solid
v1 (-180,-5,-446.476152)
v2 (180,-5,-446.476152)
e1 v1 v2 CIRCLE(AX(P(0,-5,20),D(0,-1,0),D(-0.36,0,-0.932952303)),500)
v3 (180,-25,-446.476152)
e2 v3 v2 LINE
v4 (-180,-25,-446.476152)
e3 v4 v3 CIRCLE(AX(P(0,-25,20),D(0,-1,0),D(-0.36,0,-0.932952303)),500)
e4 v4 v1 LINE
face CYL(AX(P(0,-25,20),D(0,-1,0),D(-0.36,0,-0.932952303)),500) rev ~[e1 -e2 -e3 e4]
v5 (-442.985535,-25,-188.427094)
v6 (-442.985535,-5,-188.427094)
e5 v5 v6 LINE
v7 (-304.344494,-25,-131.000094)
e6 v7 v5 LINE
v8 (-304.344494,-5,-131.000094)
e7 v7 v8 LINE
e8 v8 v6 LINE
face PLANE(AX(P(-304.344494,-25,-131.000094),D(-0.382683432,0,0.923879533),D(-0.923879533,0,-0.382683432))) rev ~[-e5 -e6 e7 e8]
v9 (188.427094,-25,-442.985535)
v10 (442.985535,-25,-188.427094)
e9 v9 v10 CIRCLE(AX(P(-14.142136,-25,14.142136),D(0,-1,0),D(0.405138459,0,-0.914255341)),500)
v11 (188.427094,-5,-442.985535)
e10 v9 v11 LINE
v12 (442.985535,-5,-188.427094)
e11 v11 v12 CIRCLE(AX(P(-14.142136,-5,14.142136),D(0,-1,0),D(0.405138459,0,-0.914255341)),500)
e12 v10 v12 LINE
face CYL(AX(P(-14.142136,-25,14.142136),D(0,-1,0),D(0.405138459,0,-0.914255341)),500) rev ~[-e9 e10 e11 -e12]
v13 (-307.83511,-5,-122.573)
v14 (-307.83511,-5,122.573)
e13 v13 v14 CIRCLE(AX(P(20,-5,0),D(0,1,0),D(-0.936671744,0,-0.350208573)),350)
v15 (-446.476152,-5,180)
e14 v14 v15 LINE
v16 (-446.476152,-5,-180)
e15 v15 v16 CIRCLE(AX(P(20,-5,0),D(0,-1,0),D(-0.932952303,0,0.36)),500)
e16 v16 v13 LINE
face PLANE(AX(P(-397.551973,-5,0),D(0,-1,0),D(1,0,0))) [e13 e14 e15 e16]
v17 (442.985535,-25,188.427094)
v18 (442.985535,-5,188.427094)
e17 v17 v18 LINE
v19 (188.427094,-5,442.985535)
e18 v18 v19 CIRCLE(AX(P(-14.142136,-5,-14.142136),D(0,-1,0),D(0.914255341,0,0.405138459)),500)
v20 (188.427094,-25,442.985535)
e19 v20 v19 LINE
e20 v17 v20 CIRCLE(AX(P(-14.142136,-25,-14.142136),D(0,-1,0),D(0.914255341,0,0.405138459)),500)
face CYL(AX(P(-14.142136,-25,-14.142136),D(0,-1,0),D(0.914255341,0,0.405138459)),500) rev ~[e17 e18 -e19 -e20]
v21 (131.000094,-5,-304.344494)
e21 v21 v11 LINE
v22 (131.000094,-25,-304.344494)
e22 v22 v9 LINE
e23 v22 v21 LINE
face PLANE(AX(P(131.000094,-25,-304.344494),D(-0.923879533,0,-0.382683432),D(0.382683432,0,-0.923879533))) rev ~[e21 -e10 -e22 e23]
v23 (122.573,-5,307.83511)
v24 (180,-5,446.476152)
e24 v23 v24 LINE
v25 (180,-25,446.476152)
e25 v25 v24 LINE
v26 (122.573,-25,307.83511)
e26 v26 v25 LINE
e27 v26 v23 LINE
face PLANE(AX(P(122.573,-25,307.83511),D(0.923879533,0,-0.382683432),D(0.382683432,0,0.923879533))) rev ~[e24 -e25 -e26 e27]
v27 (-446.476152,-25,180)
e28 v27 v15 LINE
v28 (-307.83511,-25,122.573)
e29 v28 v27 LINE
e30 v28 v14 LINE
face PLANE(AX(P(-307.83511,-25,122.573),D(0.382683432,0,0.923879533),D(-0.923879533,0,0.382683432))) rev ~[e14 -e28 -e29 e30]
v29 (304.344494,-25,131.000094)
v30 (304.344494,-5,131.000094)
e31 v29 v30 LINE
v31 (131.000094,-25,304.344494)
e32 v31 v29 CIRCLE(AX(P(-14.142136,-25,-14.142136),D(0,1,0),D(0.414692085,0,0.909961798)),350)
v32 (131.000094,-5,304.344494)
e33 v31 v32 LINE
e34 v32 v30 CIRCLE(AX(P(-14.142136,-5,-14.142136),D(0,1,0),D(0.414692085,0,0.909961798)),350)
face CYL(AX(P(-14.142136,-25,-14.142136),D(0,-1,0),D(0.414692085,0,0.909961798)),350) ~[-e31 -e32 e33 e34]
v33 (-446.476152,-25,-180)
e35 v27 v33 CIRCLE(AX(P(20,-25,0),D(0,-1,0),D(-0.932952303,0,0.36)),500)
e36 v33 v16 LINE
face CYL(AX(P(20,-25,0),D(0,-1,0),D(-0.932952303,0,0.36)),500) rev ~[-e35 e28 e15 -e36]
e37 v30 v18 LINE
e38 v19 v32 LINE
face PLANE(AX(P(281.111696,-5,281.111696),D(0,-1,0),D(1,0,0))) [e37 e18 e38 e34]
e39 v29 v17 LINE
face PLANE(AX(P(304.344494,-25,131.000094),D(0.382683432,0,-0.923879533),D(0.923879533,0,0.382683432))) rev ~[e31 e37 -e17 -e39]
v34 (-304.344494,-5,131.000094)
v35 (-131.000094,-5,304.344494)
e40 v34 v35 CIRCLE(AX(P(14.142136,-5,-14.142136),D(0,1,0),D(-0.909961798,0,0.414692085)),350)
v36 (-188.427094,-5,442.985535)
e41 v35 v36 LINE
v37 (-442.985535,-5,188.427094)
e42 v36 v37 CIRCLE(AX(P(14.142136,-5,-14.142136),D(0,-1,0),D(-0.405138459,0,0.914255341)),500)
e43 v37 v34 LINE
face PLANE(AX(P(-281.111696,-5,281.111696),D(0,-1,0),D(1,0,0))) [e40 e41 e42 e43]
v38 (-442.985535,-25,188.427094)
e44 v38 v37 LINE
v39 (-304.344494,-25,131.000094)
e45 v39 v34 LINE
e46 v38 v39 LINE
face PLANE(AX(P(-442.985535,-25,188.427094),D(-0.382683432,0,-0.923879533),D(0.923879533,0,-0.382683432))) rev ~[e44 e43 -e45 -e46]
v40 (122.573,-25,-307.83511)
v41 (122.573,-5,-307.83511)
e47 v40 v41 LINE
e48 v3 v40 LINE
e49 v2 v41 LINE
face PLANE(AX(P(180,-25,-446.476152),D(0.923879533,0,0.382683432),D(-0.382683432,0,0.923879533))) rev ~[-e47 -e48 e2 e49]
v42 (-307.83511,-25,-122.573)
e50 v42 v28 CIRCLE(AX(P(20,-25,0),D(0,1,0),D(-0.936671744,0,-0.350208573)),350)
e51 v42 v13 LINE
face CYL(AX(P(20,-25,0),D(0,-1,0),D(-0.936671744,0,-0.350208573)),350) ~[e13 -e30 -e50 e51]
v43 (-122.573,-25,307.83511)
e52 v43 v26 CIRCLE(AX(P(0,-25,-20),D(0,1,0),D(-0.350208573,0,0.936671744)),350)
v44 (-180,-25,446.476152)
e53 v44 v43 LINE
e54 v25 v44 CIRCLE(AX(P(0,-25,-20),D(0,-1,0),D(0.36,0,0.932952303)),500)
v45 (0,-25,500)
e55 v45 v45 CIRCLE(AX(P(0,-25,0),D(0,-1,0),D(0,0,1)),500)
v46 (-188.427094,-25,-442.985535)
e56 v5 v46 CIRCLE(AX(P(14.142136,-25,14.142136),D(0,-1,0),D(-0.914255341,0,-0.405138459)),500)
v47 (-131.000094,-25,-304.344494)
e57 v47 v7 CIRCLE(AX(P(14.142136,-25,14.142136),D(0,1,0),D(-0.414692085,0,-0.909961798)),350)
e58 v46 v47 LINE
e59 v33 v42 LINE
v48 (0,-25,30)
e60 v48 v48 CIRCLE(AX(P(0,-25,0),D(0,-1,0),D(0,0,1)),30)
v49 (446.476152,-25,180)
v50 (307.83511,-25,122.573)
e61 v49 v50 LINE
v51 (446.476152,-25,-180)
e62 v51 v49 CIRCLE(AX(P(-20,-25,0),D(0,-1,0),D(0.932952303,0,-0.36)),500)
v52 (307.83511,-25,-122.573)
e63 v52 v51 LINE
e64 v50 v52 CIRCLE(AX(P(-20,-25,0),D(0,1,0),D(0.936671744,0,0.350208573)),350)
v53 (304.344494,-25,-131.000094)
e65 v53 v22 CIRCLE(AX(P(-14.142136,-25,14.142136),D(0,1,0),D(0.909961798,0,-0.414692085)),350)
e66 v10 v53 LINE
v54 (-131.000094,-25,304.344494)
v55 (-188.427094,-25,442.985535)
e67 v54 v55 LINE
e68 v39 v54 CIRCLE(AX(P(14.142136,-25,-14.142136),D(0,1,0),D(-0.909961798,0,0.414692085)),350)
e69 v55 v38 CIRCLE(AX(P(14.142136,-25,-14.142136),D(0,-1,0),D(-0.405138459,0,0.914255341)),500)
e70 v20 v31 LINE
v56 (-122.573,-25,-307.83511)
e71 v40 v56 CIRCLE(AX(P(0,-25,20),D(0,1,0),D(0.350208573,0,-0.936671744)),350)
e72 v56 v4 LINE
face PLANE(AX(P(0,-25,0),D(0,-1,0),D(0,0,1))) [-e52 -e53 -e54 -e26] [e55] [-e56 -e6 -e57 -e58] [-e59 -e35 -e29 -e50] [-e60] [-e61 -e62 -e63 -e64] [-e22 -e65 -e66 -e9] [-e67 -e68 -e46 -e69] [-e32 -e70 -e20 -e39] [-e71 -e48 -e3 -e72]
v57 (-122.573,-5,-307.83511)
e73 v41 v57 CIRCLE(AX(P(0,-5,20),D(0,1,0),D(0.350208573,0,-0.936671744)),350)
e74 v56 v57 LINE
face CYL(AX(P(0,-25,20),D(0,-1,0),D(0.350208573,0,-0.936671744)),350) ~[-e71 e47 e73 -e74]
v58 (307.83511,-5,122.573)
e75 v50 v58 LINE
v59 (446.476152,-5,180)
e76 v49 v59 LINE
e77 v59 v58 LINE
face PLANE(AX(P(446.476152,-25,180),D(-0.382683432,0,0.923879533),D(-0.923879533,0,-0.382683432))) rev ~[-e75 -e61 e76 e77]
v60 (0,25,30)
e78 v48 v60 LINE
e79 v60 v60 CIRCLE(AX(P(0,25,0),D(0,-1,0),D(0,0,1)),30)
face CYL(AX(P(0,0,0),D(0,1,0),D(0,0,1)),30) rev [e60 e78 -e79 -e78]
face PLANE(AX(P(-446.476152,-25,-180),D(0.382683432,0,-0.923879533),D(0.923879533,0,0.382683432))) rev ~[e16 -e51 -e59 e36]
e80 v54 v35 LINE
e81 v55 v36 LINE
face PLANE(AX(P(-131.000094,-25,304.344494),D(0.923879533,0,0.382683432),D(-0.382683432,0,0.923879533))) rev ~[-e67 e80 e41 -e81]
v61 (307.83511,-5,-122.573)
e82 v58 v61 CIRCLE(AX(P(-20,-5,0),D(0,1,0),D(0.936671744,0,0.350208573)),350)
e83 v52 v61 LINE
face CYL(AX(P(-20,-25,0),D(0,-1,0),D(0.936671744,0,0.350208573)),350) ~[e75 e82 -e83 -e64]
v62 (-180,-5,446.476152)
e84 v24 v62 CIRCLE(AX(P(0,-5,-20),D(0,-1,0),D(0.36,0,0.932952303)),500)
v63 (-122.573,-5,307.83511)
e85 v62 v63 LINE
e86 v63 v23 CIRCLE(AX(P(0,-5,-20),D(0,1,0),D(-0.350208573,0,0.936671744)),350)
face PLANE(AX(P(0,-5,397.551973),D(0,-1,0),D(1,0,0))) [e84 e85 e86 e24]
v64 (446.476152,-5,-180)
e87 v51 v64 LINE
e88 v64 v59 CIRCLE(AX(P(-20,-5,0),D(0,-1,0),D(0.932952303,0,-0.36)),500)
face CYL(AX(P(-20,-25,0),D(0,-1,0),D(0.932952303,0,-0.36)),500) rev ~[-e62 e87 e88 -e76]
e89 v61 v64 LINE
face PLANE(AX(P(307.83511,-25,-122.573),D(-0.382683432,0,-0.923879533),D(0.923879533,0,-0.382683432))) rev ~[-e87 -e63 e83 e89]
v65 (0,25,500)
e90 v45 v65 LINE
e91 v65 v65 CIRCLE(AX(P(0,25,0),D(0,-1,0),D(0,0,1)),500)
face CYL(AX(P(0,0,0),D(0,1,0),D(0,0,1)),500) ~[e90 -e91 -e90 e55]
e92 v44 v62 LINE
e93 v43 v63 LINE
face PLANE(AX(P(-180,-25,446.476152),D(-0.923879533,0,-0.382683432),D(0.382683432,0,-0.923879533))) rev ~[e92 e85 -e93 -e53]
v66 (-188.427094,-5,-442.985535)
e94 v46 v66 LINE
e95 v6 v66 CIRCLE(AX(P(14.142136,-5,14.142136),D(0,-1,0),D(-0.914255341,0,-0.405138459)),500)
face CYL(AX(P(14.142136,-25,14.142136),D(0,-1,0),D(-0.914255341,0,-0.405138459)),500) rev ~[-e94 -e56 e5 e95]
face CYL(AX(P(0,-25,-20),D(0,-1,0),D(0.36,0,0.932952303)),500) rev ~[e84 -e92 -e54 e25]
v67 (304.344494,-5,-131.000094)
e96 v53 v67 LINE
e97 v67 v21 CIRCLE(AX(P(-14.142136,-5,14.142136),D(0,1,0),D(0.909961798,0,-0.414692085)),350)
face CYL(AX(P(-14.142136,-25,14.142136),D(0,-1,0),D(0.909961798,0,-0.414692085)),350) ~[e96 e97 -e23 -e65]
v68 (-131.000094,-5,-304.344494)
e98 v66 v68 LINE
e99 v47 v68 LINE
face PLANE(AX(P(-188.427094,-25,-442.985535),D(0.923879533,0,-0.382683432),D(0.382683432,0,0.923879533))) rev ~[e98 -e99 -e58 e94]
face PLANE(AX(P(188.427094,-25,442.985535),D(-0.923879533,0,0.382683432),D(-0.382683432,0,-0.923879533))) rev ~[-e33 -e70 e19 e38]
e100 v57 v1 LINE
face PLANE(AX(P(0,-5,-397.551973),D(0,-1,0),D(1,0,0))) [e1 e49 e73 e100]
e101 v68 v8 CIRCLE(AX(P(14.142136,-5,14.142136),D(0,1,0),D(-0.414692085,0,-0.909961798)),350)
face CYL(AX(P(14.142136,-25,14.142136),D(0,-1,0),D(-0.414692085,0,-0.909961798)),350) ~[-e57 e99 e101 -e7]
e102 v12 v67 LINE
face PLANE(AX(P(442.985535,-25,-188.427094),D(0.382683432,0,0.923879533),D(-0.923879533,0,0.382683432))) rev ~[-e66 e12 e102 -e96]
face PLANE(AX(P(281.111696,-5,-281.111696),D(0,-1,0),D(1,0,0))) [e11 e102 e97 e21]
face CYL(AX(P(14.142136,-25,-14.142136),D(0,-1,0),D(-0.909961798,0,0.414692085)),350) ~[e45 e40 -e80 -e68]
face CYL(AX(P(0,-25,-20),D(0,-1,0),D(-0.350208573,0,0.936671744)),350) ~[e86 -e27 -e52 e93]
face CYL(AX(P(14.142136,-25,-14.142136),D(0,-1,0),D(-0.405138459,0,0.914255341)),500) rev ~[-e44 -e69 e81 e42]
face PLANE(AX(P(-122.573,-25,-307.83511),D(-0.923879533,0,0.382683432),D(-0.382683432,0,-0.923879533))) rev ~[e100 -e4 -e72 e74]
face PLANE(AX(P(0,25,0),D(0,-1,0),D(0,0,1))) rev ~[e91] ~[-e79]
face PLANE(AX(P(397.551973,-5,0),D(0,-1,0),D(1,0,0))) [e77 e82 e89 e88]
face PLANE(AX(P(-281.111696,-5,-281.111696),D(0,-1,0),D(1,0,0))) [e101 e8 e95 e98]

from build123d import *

# Parameters (mm, degrees)
SKETCH1_W          = 470
SKETCH1_H          = 50
CUT_EXTRUDE1_DEPTH = 20


with BuildPart() as part:
    # Sketch1 → Revolve1 (revolve)
    with BuildSketch(Plane(origin=(0, 0, 0), x_dir=(0, 0, -1), z_dir=(1, 0, 0))):
        with Locations((-265, 0)):
            Rectangle(SKETCH1_W, SKETCH1_H)
    revolve(axis=Axis((0, 285.555555556, 0), (0, -1, 0)))

    # Sketch2 → Cut-Extrude1 (cut)
    with BuildSketch(Plane.XZ.offset(25)):
        with BuildLine():
            Line((-180, 446.476151588), (-122.573000413, 307.835110337))
            ThreePointArc((-122.573000413, 307.835110337), (0, 330), (122.573000413, 307.835110337))
            Line((122.573000413, 307.835110337), (180, 446.476151588))
            ThreePointArc((180, 446.476151588), (0, 480), (-180, 446.476151588))
        make_face()
        with BuildLine():
            Line((188.427093812, 442.985535039), (131.000094225, 304.344493789))
            ThreePointArc((131.000094225, 304.344493789), (233.345237792, 233.345237792), (304.344493789, 131.000094225))
            Line((304.344493789, 131.000094225), (442.985535039, 188.427093812))
            ThreePointArc((442.985535039, 188.427093812), (339.41125497, 339.41125497), (188.427093812, 442.985535039))
        make_face()
        with BuildLine():
            Line((446.476151588, 180), (307.835110337, 122.573000413))
            ThreePointArc((307.835110337, 122.573000413), (330, 0), (307.835110337, -122.573000413))
            Line((307.835110337, -122.573000413), (446.476151588, -180))
            ThreePointArc((446.476151588, -180), (480, 0), (446.476151588, 180))
        make_face()
        with BuildLine():
            Line((442.985535039, -188.427093812), (304.344493789, -131.000094225))
            ThreePointArc((304.344493789, -131.000094225), (233.345237792, -233.345237792), (131.000094225, -304.344493789))
            Line((131.000094225, -304.344493789), (188.427093812, -442.985535039))
            ThreePointArc((188.427093812, -442.985535039), (339.41125497, -339.41125497), (442.985535039, -188.427093812))
        make_face()
        with BuildLine():
            Line((180, -446.476151588), (122.573000413, -307.835110337))
            ThreePointArc((122.573000413, -307.835110337), (0, -330), (-122.573000413, -307.835110337))
            Line((-122.573000413, -307.835110337), (-180, -446.476151588))
            ThreePointArc((-180, -446.476151588), (0, -480), (180, -446.476151588))
        make_face()
        with BuildLine():
            Line((-188.427093812, -442.985535039), (-131.000094225, -304.344493789))
            ThreePointArc((-131.000094225, -304.344493789), (-233.345237792, -233.345237792), (-304.344493789, -131.000094225))
            Line((-304.344493789, -131.000094225), (-442.985535039, -188.427093812))
            ThreePointArc((-442.985535039, -188.427093812), (-339.41125497, -339.41125497), (-188.427093812, -442.985535039))
        make_face()
        with BuildLine():
            Line((-446.476151588, -180), (-307.835110337, -122.573000413))
            ThreePointArc((-307.835110337, -122.573000413), (-330, 0), (-307.835110337, 122.573000413))
            Line((-307.835110337, 122.573000413), (-446.476151588, 180))
            ThreePointArc((-446.476151588, 180), (-480, 0), (-446.476151588, -180))
        make_face()
        with BuildLine():
            Line((-442.985535039, 188.427093812), (-304.344493789, 131.000094225))
            ThreePointArc((-304.344493789, 131.000094225), (-233.345237792, 233.345237792), (-131.000094225, 304.344493789))
            Line((-131.000094225, 304.344493789), (-188.427093812, 442.985535039))
            ThreePointArc((-188.427093812, 442.985535039), (-339.41125497, 339.41125497), (-442.985535039, 188.427093812))
        make_face()
    extrude(amount=-CUT_EXTRUDE1_DEPTH, mode=Mode.SUBTRACT)


solid = part.part
